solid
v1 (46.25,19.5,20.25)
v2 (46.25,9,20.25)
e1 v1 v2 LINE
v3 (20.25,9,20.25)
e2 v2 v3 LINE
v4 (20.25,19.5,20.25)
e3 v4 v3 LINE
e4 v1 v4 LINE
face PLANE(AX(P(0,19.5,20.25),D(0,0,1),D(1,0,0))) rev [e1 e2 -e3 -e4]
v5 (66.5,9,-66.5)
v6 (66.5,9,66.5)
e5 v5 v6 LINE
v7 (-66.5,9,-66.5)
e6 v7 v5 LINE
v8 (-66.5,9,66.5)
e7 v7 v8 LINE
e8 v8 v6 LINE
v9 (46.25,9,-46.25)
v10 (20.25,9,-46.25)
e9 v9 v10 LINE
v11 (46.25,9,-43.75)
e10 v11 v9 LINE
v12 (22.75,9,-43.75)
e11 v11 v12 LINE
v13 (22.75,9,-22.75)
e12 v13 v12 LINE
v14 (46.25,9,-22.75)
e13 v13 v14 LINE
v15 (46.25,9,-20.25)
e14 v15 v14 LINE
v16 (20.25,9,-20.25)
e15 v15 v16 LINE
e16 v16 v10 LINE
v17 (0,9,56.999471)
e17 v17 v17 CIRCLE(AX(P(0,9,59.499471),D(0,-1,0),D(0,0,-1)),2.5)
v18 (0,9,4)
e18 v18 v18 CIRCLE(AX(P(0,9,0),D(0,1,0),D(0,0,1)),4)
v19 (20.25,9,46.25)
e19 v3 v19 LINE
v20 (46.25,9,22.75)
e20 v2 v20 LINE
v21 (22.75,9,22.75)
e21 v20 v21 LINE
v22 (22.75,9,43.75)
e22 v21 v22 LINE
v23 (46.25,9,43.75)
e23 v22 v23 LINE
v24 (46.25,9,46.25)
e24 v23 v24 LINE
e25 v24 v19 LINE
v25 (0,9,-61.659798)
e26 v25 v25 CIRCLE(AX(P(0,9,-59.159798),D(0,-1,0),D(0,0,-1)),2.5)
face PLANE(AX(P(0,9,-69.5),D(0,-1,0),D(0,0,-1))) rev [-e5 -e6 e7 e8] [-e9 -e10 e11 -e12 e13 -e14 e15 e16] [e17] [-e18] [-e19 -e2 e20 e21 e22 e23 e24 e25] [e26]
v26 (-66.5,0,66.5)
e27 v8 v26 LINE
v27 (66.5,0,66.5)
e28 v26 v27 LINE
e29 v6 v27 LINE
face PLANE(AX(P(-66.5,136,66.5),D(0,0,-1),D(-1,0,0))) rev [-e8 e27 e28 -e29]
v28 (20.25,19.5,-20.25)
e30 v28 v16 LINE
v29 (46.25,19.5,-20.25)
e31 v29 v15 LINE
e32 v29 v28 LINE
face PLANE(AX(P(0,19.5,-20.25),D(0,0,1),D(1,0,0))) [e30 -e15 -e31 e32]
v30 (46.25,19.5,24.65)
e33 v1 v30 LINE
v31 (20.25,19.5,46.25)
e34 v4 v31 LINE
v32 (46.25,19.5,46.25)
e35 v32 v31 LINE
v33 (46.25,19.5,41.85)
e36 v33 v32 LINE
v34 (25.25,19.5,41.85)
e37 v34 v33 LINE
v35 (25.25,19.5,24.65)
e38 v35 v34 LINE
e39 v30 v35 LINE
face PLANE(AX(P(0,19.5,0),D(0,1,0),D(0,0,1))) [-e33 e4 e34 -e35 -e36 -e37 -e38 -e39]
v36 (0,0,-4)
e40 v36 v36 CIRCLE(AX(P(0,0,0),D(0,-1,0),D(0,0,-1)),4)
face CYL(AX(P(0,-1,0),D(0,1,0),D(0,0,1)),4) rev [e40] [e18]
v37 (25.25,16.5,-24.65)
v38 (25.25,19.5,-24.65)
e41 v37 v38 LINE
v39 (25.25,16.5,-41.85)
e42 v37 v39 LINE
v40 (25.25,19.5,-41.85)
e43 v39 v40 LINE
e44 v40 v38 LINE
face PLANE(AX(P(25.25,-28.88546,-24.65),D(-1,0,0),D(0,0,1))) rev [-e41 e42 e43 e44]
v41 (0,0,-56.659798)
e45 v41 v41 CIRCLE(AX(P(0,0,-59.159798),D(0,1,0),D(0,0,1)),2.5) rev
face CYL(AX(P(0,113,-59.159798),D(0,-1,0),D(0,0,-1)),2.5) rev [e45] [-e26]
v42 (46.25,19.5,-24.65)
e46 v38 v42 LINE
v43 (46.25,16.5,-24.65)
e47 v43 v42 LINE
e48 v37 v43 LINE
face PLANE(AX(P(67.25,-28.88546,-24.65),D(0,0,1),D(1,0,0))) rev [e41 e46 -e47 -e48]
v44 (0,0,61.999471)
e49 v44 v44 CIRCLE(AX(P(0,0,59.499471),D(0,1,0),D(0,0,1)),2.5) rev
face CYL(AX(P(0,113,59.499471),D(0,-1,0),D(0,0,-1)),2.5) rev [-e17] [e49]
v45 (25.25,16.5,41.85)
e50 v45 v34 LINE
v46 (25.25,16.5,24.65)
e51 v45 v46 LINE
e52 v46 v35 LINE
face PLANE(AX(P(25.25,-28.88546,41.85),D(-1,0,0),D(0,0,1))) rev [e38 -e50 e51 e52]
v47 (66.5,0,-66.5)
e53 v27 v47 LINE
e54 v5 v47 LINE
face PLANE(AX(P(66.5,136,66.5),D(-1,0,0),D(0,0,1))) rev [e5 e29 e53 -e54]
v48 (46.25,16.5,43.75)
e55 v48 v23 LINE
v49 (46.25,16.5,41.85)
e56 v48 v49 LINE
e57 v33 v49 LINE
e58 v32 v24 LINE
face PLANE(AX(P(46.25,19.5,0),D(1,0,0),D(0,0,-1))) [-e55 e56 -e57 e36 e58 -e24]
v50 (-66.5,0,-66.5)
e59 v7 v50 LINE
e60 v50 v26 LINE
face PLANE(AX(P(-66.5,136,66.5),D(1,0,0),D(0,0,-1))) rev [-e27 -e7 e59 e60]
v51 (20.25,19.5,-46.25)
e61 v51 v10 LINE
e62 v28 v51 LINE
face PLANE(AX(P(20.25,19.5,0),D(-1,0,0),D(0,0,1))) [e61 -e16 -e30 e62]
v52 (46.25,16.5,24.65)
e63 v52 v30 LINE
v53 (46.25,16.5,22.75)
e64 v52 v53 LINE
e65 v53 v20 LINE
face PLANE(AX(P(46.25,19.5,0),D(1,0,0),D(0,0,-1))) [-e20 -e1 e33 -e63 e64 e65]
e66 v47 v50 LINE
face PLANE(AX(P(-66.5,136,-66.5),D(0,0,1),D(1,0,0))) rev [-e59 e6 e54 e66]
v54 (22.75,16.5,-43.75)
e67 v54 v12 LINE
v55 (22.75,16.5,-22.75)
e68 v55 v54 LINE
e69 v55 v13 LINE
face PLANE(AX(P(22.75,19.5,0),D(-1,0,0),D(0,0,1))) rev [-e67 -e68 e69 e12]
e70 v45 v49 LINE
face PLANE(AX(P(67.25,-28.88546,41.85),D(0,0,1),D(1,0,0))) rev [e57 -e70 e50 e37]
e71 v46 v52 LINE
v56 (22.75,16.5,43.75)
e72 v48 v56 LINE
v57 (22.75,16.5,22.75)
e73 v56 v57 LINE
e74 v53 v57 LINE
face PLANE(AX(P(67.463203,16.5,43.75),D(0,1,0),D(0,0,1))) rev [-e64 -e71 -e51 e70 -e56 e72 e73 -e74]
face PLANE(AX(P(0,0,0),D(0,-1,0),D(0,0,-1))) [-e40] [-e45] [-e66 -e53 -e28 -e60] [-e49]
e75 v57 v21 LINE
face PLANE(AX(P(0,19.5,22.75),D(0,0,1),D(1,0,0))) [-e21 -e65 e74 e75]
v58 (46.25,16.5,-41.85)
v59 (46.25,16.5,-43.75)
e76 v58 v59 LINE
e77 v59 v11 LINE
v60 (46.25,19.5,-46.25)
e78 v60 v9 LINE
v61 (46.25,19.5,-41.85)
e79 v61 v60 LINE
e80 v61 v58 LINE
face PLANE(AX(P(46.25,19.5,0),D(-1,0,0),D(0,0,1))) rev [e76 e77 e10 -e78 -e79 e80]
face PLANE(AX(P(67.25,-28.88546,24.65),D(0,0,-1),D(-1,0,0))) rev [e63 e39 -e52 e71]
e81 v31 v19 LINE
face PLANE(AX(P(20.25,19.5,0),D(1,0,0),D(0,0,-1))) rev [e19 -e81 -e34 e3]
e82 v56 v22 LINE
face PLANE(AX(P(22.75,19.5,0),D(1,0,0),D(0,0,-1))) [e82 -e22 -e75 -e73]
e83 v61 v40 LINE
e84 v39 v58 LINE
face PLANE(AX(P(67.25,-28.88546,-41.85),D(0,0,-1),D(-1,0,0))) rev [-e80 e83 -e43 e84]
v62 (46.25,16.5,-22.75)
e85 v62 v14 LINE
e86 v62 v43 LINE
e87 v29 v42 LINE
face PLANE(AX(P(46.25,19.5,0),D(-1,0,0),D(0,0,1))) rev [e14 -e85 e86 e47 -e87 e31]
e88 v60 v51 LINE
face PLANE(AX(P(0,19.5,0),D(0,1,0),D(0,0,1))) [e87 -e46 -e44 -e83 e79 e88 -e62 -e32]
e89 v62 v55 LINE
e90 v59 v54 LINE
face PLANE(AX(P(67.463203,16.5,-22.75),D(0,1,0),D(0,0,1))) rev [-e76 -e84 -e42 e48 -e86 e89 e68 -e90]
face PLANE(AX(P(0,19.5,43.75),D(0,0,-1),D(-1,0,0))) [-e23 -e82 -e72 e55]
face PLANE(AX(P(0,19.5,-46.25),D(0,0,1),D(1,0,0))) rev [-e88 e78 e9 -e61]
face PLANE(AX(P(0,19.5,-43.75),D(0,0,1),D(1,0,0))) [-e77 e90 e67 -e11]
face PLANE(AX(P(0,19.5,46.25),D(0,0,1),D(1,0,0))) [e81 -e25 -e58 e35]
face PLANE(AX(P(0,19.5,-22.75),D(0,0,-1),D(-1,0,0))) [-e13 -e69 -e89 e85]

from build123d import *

# Parameters (mm, degrees)
SKETCH1_W            = 133
SKETCH1_H            = 133
BOSS_EXTRUDE2_DEPTH  = 136
SKETCH2_W            = 133
SKETCH2_H            = 118
CUT_EXTRUDE1_DEPTH   = 136
BOSS_EXTRUDE3_DEPTH  = 10.5
SKETCH5_W            = 21
SKETCH5_H            = 3
BOSS_EXTRUDE4_DEPTH  = 23.5
SKETCH6_W            = 42
SKETCH6_H            = 17.2
CUT_EXTRUDE2_DEPTH   = 3
BOSS_EXTRUDE5_DEPTH  = 10.5
SKETCH8_W            = 21
SKETCH8_H            = 3
BOSS_EXTRUDE6_DEPTH  = 23.5
SKETCH9_W            = 42
SKETCH9_H            = 17.2
CUT_EXTRUDE3_DEPTH   = 3
SKETCH10_W           = 19.261488562
SKETCH10_H           = 133
BOSS_EXTRUDE7_DEPTH  = 5
SKETCH11_W           = 18.43727499
SKETCH11_H           = 133
BOSS_EXTRUDE8_DEPTH  = 5
SKETCH12_W           = 18.849381776
SKETCH12_H           = 146
BOSS_EXTRUDE9_DEPTH  = 12
SKETCH14_W           = 18.849381776
SKETCH14_H           = 146
BOSS_EXTRUDE10_DEPTH = 12
SKETCH17_R           = 1
CUT_EXTRUDE4_DEPTH   = 222.251553667
SKETCH20_W           = 133.244561713
SKETCH20_H           = 5
CUT_EXTRUDE10_DEPTH  = 19
SKETCH21_W           = 157
SKETCH21_H           = 120.66580897
CUT_EXTRUDE11_DEPTH  = 118
SKETCH22_W           = 186.174267818
SKETCH22_H           = 42.2523161
CUT_EXTRUDE12_DEPTH  = 118
SKETCH23_W           = 12
SKETCH23_H           = 25.33419103
CUT_EXTRUDE13_DEPTH  = 118
SKETCH24_W           = 12
SKETCH24_H           = 25.33419103
CUT_EXTRUDE14_DEPTH  = 118
SKETCH31_R           = 2.5
CUT_EXTRUDE21_DEPTH  = 118
SKETCH32_R           = 2.5
CUT_EXTRUDE22_DEPTH  = 118
SKETCH33_W           = 133
SKETCH33_H           = 5
CUT_EXTRUDE24_DEPTH  = 118
SKETCH34_R           = 2.5
CUT_EXTRUDE25_DEPTH  = 118
SKETCH35_R           = 4
CUT_EXTRUDE26_DEPTH  = 10


with BuildPart() as part:
    # Sketch1 → Boss-Extrude2 (new body)
    with BuildSketch(Plane(origin=(0, 0, 0), x_dir=(1, 0, 0), z_dir=(0, 1, 0))):
        Rectangle(SKETCH1_W, SKETCH1_H)
    extrude(amount=BOSS_EXTRUDE2_DEPTH)

    # Sketch2 → Cut-Extrude1 (cut)
    with BuildSketch(Plane.XY.offset(66.5)):
        with Locations((0, 68)):
            Rectangle(SKETCH2_W, SKETCH2_H)
    extrude(amount=-CUT_EXTRUDE1_DEPTH, mode=Mode.SUBTRACT)


with BuildPart() as cut_extrude1_piece_1:
    # of the separate pieces the step leaves, piece 1, a body of its own (cut_extrude1_pieces)
    add(part.part.solids().sort_by_distance((-66.5, 0, 66.5))[0])

    # Sketch4 → Boss-Extrude3 (add)
    with BuildSketch(Plane(origin=(0, 9, 0), x_dir=(1, 0, 0), z_dir=(0, 1, 0))):
        Polygon((22.75, -22.75), (43.75, -22.75), (46.25, -22.75), (46.25, -20.25), (20.25, -20.25), (20.25, -46.25), (46.25, -46.25), (46.25, -43.75), (43.75, -43.75), (22.75, -43.75), align=None)
        Polygon((22.75, 43.75), (43.75, 43.75), (46.25, 43.75), (46.25, 46.25), (20.25, 46.25), (20.25, 20.25), (46.25, 20.25), (46.25, 22.75), (43.75, 22.75), (22.75, 22.75), align=None)
    extrude(amount=BOSS_EXTRUDE3_DEPTH)

    # Sketch5 → Boss-Extrude4 (add)
    with BuildSketch(Plane(origin=(22.75, 0, 0), x_dir=(0, 0, -1), z_dir=(1, 0, 0))):
        with Locations((-33.25, 18)):
            Rectangle(SKETCH5_W, SKETCH5_H)
        with Locations((33.25, 18)):
            Rectangle(SKETCH5_W, SKETCH5_H)
    extrude(amount=BOSS_EXTRUDE4_DEPTH)

    # Sketch6 → Cut-Extrude2 (cut)
    with BuildSketch(Plane(origin=(0, 19.5, 0), x_dir=(1, 0, 0), z_dir=(0, 1, 0))):
        with Locations((46.25, -33.25)):
            Rectangle(SKETCH6_W, SKETCH6_H)
        with Locations((46.25, 33.25)):
            Rectangle(SKETCH6_W, SKETCH6_H)
    extrude(amount=-CUT_EXTRUDE2_DEPTH, mode=Mode.SUBTRACT)

    # Sketch10 → Boss-Extrude7 (add)
    with BuildSketch(Plane.XZ):
        Rectangle(SKETCH10_W, SKETCH10_H)
    extrude(amount=BOSS_EXTRUDE7_DEPTH)



with BuildPart() as cut_extrude1_piece_2:
    # of the separate pieces the step leaves, piece 2, a body of its own (cut_extrude1_pieces)
    add(part.part.solids().sort_by_distance((66.5, 127, 66.5))[0])

    # Sketch7 → Boss-Extrude5 (add)
    with BuildSketch(Plane.XZ.offset(-127)):
        Polygon((-43.75, 43.75), (-22.75, 43.75), (-22.75, 22.75), (-43.75, 22.75), (-46.25, 22.75), (-46.25, 20.25), (-20.25, 20.25), (-20.25, 46.25), (-46.25, 46.25), (-46.25, 43.75), align=None)
        Polygon((-43.75, -22.75), (-22.75, -22.75), (-22.75, -43.75), (-43.75, -43.75), (-46.25, -43.75), (-46.25, -46.25), (-20.25, -46.25), (-20.25, -20.25), (-46.25, -20.25), (-46.25, -22.75), align=None)
    extrude(amount=BOSS_EXTRUDE5_DEPTH)

    # Sketch8 → Boss-Extrude6 (add)
    with BuildSketch(Plane.ZY.offset(22.75)):
        with Locations((33.25, 118)):
            Rectangle(SKETCH8_W, SKETCH8_H)
        with Locations((-33.25, 118)):
            Rectangle(SKETCH8_W, SKETCH8_H)
    extrude(amount=BOSS_EXTRUDE6_DEPTH)

    # Sketch9 → Cut-Extrude3 (cut)
    with BuildSketch(Plane.XZ.offset(-116.5)):
        with Locations((-46.25, 33.25)):
            Rectangle(SKETCH9_W, SKETCH9_H)
        with Locations((-46.25, -33.25)):
            Rectangle(SKETCH9_W, SKETCH9_H)
    extrude(amount=-CUT_EXTRUDE3_DEPTH, mode=Mode.SUBTRACT)

    # Sketch11 → Boss-Extrude8 (add)
    with BuildSketch(Plane(origin=(0, 136, 0), x_dir=(1, 0, 0), z_dir=(0, 1, 0))):
        Rectangle(SKETCH11_W, SKETCH11_H)
    extrude(amount=BOSS_EXTRUDE8_DEPTH)


with BuildPart() as cut_extrude1_piece_1_1:
    add(cut_extrude1_piece_1.part)

    add(cut_extrude1_piece_2.part)  # Boss-Extrude9 merges Cut-Extrude1 piece 2
    # Sketch12 → Boss-Extrude9 (add)
    with BuildSketch(Plane(origin=(0, 0, -66.5), x_dir=(-1, 0, 0), z_dir=(0, 0, -1))):
        with Locations((-0.206053393, 68)):
            Rectangle(SKETCH12_W, SKETCH12_H)
    extrude(amount=BOSS_EXTRUDE9_DEPTH)

    # Sketch14 → Boss-Extrude10 (add)
    with BuildSketch(Plane.XY.offset(66.5)):
        with Locations((0.206053393, 68)):
            Rectangle(SKETCH14_W, SKETCH14_H)
    extrude(amount=BOSS_EXTRUDE10_DEPTH)

    # Sketch17 → Cut-Extrude4 (cut, through all)
    with BuildSketch(Plane.XY.offset(78.5)):
        with Locations((0.206053393, 68)):
            Circle(SKETCH17_R)
    extrude(amount=-CUT_EXTRUDE4_DEPTH, mode=Mode.SUBTRACT)

    # Sketch20 → Cut-Extrude10 (cut)
    with BuildSketch(Plane.ZY.offset(9.218637495)):
        with Locations((0.122280857, 138.5)):
            Rectangle(SKETCH20_W, SKETCH20_H)
    extrude(amount=-CUT_EXTRUDE10_DEPTH, mode=Mode.SUBTRACT)

    # Sketch21 → Cut-Extrude11 (cut)
    with BuildSketch(Plane.ZY.offset(9.218637495)):
        with Locations((0, 80.667095515)):
            Rectangle(SKETCH21_W, SKETCH21_H)
    extrude(amount=-CUT_EXTRUDE11_DEPTH, mode=Mode.SUBTRACT)


with BuildPart() as cut_extrude11_piece_1:
    # of the separate pieces the step leaves, piece 1, a body of its own (cut_extrude11_pieces)
    add(cut_extrude1_piece_1_1.part.solids().sort_by_distance((9.630744281, 20.33419103, 66.5))[0])

    # Sketch23 → Cut-Extrude13 (cut)
    with BuildSketch(Plane.ZY.offset(9.218637495)):
        with Locations((-72.5, 7.667095515)):
            Rectangle(SKETCH23_W, SKETCH23_H)
    extrude(amount=-CUT_EXTRUDE13_DEPTH, mode=Mode.SUBTRACT)

    # Sketch24 → Cut-Extrude14 (cut)
    with BuildSketch(Plane.ZY.offset(9.218637495)):
        with Locations((72.5, 7.667095515)):
            Rectangle(SKETCH24_W, SKETCH24_H)
    extrude(amount=-CUT_EXTRUDE14_DEPTH, mode=Mode.SUBTRACT)

    # Sketch31 → Cut-Extrude21 (cut)
    with BuildSketch(Plane.XZ.offset(5)):
        with Locations(Location((0, 59.499471122, 0), (0, 0, 270))):
            Circle(SKETCH31_R)
    extrude(amount=-CUT_EXTRUDE21_DEPTH, mode=Mode.SUBTRACT)

    # Sketch32 → Cut-Extrude22 (cut)
    with BuildSketch(Plane.XZ.offset(5)):
        with Locations(Location((0, -59.159797643, 0), (0, 0, 270))):
            Circle(SKETCH32_R)
    extrude(amount=-CUT_EXTRUDE22_DEPTH, mode=Mode.SUBTRACT)

    # Sketch33 → Cut-Extrude24 (cut)
    with BuildSketch(Plane.ZY.offset(9.630744281)):
        with Locations((0, -2.5)):
            Rectangle(SKETCH33_W, SKETCH33_H)
    extrude(amount=-CUT_EXTRUDE24_DEPTH, mode=Mode.SUBTRACT)

    # Sketch34 → Cut-Extrude25 (cut)
    with BuildSketch(Plane(origin=(0, 9, 0), x_dir=(1, 0, 0), z_dir=(0, 1, 0))):
        with Locations(Location((0, 0, 0), (0, 0, 270))):
            Circle(SKETCH34_R)
    extrude(amount=-CUT_EXTRUDE25_DEPTH, mode=Mode.SUBTRACT)

    # Sketch35 → Cut-Extrude26 (cut)
    with BuildSketch(Plane(origin=(0, 9, 0), x_dir=(1, 0, 0), z_dir=(0, 1, 0))):
        with Locations(Location((0, 0, 0), (0, 0, 270))):
            Circle(SKETCH35_R)
    extrude(amount=-CUT_EXTRUDE26_DEPTH, mode=Mode.SUBTRACT)


with BuildPart() as cut_extrude11_piece_2:
    # of the separate pieces the step leaves, piece 2, a body of its own (cut_extrude11_pieces)
    add(cut_extrude1_piece_1_1.part.solids().sort_by_distance((-9.218637495, 127, 66.5))[0])

    # Sketch22 → Cut-Extrude12 (cut)
    with BuildSketch(Plane.ZY.offset(66.5)):
        with Locations((20.706035589, 120.536042421)):
            Rectangle(SKETCH22_W, SKETCH22_H)
    extrude(amount=-CUT_EXTRUDE12_DEPTH, mode=Mode.SUBTRACT)


solid = cut_extrude11_piece_1.part
